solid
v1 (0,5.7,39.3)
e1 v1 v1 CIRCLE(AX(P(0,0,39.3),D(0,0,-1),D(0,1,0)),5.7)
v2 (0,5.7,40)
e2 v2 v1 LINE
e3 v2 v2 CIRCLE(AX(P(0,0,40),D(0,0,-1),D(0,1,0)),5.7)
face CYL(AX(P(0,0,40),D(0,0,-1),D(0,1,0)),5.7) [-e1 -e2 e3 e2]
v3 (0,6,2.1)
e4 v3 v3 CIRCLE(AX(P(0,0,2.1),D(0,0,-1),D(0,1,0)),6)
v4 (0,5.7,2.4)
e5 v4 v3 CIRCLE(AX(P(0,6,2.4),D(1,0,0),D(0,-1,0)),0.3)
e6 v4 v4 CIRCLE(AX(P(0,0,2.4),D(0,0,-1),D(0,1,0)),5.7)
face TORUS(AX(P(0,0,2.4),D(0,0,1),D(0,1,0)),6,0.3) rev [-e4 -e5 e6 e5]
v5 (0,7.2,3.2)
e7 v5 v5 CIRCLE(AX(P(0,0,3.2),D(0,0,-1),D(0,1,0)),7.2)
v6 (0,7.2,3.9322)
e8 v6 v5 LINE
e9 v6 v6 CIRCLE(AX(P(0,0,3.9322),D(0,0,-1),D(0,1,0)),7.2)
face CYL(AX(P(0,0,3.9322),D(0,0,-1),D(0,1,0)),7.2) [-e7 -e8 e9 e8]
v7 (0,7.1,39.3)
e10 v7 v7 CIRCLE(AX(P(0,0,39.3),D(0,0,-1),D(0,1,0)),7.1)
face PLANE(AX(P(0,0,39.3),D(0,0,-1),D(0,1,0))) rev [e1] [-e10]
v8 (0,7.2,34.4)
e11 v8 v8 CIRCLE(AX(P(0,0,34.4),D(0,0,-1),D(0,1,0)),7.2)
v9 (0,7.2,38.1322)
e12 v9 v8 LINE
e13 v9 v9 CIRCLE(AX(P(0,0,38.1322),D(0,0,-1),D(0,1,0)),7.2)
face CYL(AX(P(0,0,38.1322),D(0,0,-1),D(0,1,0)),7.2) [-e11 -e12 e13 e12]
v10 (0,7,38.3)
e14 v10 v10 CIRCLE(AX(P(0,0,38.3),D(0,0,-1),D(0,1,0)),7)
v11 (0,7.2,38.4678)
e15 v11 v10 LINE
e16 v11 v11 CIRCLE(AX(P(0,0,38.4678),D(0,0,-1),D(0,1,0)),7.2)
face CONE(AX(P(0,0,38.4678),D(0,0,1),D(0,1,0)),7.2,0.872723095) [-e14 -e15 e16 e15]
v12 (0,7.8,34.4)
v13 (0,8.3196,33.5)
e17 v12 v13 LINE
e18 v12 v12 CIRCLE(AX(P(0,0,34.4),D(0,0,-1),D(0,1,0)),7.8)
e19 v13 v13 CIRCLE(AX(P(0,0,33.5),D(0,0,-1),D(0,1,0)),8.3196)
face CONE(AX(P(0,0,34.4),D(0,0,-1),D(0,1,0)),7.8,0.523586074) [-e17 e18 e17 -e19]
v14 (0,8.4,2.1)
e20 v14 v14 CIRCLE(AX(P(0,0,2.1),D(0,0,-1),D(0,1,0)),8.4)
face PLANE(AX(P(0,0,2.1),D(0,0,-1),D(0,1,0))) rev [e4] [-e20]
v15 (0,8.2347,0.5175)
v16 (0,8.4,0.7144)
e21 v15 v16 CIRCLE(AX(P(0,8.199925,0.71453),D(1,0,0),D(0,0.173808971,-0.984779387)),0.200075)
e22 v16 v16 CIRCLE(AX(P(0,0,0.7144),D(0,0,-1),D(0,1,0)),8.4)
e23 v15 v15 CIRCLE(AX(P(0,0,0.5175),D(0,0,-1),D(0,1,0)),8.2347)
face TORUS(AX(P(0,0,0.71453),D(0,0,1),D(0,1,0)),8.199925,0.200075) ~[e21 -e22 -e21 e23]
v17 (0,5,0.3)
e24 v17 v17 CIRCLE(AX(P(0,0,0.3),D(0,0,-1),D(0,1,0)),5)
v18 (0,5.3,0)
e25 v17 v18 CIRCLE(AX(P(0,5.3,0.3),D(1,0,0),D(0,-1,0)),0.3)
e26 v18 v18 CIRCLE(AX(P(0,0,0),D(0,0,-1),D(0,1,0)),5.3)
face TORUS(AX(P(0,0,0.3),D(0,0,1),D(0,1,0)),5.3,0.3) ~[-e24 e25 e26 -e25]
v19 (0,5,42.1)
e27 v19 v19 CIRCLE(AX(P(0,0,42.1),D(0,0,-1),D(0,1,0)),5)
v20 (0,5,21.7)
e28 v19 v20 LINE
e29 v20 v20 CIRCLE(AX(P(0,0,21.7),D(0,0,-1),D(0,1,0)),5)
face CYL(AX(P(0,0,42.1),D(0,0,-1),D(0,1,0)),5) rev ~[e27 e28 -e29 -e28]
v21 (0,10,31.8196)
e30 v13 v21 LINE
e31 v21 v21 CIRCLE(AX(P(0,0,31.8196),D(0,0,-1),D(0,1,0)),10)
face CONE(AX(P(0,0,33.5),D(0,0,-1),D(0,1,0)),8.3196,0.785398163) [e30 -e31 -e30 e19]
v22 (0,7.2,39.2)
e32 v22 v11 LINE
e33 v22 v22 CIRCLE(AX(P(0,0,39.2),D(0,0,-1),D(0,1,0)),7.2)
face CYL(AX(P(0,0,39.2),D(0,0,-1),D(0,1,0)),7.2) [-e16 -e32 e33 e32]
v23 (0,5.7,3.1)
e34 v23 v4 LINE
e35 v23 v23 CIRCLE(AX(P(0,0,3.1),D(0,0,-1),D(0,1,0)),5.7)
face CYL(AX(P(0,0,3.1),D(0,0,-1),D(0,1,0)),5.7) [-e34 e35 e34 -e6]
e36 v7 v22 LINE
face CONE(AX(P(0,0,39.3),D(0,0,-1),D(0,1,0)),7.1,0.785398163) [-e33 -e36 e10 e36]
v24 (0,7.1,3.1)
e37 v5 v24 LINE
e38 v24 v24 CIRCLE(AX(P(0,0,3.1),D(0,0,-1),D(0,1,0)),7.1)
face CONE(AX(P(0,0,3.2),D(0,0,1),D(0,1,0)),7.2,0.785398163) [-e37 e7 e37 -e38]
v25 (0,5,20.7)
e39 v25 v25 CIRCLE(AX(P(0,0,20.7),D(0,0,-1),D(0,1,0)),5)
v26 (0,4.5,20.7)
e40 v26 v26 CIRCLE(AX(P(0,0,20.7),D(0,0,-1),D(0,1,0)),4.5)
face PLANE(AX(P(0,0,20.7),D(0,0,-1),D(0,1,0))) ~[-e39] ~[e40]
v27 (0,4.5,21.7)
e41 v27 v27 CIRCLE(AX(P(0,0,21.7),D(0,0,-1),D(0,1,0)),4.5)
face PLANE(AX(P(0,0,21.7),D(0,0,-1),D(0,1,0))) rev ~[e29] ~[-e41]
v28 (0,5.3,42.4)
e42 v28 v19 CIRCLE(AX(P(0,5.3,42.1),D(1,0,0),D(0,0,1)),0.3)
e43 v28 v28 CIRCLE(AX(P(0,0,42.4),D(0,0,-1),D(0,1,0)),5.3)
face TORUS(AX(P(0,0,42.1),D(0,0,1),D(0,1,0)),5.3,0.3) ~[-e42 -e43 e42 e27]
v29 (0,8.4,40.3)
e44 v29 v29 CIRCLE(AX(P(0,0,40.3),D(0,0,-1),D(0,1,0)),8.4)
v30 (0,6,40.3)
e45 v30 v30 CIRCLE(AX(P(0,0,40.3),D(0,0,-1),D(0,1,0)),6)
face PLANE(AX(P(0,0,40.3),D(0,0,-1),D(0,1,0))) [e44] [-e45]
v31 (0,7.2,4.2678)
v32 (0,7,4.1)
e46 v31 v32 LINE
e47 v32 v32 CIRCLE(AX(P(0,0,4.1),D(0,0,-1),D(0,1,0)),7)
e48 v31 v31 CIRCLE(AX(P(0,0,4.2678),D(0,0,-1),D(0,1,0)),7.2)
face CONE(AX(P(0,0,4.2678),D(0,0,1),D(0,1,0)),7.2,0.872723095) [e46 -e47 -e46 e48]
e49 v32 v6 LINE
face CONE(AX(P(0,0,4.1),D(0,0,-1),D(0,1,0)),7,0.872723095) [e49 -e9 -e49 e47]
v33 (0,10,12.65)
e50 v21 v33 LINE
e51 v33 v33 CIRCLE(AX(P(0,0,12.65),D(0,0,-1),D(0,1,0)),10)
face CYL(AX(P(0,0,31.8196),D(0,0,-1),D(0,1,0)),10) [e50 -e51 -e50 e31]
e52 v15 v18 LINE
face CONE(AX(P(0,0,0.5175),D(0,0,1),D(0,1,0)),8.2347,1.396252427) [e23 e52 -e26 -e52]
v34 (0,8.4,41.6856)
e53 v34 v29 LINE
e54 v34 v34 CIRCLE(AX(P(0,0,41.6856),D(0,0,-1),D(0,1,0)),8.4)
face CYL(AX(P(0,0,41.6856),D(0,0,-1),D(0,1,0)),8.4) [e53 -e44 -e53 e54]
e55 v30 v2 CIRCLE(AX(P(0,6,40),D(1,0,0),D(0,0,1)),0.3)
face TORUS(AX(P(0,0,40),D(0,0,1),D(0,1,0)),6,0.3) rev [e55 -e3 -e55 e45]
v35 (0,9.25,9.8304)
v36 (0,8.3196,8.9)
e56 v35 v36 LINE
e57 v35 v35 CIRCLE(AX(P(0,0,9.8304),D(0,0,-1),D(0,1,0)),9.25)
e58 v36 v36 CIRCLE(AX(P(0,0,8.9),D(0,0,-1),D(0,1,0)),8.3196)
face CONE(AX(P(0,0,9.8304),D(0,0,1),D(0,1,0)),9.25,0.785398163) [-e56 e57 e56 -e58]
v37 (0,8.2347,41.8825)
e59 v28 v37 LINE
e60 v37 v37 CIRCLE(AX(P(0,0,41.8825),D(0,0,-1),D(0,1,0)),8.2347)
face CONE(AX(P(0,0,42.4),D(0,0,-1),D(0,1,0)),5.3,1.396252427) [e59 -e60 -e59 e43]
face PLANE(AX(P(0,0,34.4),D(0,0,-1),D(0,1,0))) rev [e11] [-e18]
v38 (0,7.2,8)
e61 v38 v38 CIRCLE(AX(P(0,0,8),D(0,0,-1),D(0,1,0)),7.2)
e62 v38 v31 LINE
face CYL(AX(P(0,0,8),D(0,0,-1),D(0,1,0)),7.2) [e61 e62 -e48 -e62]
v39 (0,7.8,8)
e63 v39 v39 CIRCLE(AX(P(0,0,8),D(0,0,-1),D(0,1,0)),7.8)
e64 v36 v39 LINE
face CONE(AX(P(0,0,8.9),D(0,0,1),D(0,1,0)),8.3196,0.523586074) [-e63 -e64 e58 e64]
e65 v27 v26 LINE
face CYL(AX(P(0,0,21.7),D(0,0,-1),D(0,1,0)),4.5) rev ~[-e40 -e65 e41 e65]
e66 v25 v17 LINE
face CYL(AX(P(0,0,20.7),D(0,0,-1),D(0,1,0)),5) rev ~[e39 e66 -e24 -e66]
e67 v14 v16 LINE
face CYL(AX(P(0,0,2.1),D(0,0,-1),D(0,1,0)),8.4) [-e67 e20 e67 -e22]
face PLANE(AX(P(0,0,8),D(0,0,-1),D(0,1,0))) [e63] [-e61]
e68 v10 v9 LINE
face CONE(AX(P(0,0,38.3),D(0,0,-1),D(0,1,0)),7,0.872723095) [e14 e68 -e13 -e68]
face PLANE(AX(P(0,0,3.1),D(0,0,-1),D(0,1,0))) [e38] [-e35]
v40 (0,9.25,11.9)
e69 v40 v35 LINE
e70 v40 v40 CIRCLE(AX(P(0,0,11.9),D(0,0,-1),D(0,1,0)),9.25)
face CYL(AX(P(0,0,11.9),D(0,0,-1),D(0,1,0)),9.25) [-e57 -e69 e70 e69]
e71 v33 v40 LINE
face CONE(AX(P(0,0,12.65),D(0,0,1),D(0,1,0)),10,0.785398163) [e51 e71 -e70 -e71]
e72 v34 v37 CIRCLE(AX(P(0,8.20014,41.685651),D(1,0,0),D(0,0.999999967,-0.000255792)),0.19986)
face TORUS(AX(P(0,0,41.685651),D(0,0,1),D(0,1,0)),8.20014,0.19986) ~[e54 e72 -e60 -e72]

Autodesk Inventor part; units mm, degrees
sketch "Sketch_1" plane through (0, 0, 0) normal (1, 0, 0) x (0, 1, 0)
  line L0 (0, 0) -> (0, 42.4)
  line L1 (0, 42.4) -> (5.3, 42.4)
  line L2 (5.3, 42.4) -> (8.2347, 41.8825)
  arc A0 (8.4, 41.6856) -> (8.2347, 41.8825) centre (8.2, 41.6856) ccw
  line L3 (8.4, 41.6856) -> (8.4, 40.3)
  line L4 (8.4, 40.3) -> (6, 40.3)
  arc A1 (6, 40.3) -> (5.7, 40) centre (6, 40) ccw
  line L5 (5.7, 40) -> (5.7, 39.3)
  line L6 (5.7, 39.3) -> (7.1, 39.3)
  line L7 (7.1, 39.3) -> (7.2, 39.2)
  line L8 (7.2, 39.2) -> (7.2, 38.4678)
  line L9 (7.2, 38.4678) -> (7, 38.3)
  line L10 (7, 38.3) -> (7.2, 38.1322)
  line L11 (7.2, 38.1322) -> (7.2, 34.4)
  line L12 (7.2, 34.4) -> (7.8, 34.4)
  line L13 (7.8, 34.4) -> (8.3196, 33.5)
  line L14 (8.3196, 33.5) -> (10, 31.8196)
  line L15 (10, 31.8196) -> (10, 12.65)
  line L16 (10, 12.65) -> (9.25, 11.9)
  line L17 (9.25, 11.9) -> (9.25, 9.8304)
  line L18 (9.25, 9.8304) -> (8.3196, 8.9)
  line L19 (8.3196, 8.9) -> (7.8, 8)
  line L20 (7.8, 8) -> (7.2, 8)
  line L21 (7.2, 8) -> (7.2, 4.2678)
  line L22 (7.2, 4.2678) -> (7, 4.1)
  line L23 (7, 4.1) -> (7.2, 3.9322)
  line L24 (7.2, 3.9322) -> (7.2, 3.2)
  line L25 (7.2, 3.2) -> (7.1, 3.1)
  line L26 (7.1, 3.1) -> (5.7, 3.1)
  line L27 (5.7, 3.1) -> (5.7, 2.4)
  arc A2 (5.7, 2.4) -> (6, 2.1) centre (6, 2.4) ccw
  line L28 (6, 2.1) -> (8.4, 2.1)
  line L29 (8.4, 2.1) -> (8.4, 0.7144)
  arc A3 (8.2347, 0.5175) -> (8.4, 0.7144) centre (8.2, 0.7144) ccw
  line L30 (8.2347, 0.5175) -> (5.3, 0)
  line L31 (5.3, 0) -> (0, 0)
  line L32 (0, 0) -> (0, 42.4)
revolve "Revolution1" add sketch "Sketch_1" angle 360 about axis through (0, 0, 0) along (0, 0, -1)
thread "Thread1" size "M20x1" class "6g" standard "ISO Metric profile" full length
sketch "Sketch_4" plane through (0, 0, 0) normal (1, 0, 0) x (0, 1, 0)
  line L0 (0, 0) -> (0, 42.4)
  line L1 (0, 42.4) -> (5.3, 42.4)
  arc A0 (5.3, 42.4) -> (5, 42.1) centre (5.3, 42.1) ccw
  line L2 (5, 42.1) -> (5, 21.7)
  line L3 (5, 21.7) -> (4.5, 21.7)
  line L4 (4.5, 21.7) -> (4.5, 20.7)
  line L5 (4.5, 20.7) -> (5, 20.7)
  line L6 (5, 20.7) -> (5, 0.3)
  arc A1 (5, 0.3) -> (5.3, 0) centre (5.3, 0.3) ccw
  line L7 (5.3, 0) -> (0, 0)
  line L8 (0, 0) -> (0, 42.4)
revolve "Revolution2" cut sketch "Sketch_4" angle 360 about axis through (0, 0, 0) along (0, 0, -1)
ref_plane "ANBAU_XY" through (0, 0, 0) normal (0, 0, -1) x (1, 0, 0)
ref_plane "ANBAU_YZ" through (0, 0, 0) normal (1, 0, 0) x (0, -1, 0)
ref_plane "ANBAU_ZX" through (0, 0, 0) normal (0, -1, 0) x (0, 0, -1)
ref_plane "IP1_XY" through (0, 0, 32) normal (0, 0, -1) x (1, 0, 0)
ref_plane "IP1_YZ" through (0, 0, 32) normal (1, 0, 0) x (0, -1, 0)
ref_plane "IP1_ZX" through (0, 0, 32) normal (0, -1, 0) x (0, 0, -1)
ref_plane "IP2_XY" through (0, 0, 14.4) normal (0, 0, -1) x (1, 0, 0)
ref_plane "IP2_YZ" through (0, 0, 14.4) normal (1, 0, 0) x (0, -1, 0)
ref_plane "IP2_ZX" through (0, 0, 14.4) normal (0, -1, 0) x (0, 0, -1)
properties part number "153160 QSS-10---(part)"
